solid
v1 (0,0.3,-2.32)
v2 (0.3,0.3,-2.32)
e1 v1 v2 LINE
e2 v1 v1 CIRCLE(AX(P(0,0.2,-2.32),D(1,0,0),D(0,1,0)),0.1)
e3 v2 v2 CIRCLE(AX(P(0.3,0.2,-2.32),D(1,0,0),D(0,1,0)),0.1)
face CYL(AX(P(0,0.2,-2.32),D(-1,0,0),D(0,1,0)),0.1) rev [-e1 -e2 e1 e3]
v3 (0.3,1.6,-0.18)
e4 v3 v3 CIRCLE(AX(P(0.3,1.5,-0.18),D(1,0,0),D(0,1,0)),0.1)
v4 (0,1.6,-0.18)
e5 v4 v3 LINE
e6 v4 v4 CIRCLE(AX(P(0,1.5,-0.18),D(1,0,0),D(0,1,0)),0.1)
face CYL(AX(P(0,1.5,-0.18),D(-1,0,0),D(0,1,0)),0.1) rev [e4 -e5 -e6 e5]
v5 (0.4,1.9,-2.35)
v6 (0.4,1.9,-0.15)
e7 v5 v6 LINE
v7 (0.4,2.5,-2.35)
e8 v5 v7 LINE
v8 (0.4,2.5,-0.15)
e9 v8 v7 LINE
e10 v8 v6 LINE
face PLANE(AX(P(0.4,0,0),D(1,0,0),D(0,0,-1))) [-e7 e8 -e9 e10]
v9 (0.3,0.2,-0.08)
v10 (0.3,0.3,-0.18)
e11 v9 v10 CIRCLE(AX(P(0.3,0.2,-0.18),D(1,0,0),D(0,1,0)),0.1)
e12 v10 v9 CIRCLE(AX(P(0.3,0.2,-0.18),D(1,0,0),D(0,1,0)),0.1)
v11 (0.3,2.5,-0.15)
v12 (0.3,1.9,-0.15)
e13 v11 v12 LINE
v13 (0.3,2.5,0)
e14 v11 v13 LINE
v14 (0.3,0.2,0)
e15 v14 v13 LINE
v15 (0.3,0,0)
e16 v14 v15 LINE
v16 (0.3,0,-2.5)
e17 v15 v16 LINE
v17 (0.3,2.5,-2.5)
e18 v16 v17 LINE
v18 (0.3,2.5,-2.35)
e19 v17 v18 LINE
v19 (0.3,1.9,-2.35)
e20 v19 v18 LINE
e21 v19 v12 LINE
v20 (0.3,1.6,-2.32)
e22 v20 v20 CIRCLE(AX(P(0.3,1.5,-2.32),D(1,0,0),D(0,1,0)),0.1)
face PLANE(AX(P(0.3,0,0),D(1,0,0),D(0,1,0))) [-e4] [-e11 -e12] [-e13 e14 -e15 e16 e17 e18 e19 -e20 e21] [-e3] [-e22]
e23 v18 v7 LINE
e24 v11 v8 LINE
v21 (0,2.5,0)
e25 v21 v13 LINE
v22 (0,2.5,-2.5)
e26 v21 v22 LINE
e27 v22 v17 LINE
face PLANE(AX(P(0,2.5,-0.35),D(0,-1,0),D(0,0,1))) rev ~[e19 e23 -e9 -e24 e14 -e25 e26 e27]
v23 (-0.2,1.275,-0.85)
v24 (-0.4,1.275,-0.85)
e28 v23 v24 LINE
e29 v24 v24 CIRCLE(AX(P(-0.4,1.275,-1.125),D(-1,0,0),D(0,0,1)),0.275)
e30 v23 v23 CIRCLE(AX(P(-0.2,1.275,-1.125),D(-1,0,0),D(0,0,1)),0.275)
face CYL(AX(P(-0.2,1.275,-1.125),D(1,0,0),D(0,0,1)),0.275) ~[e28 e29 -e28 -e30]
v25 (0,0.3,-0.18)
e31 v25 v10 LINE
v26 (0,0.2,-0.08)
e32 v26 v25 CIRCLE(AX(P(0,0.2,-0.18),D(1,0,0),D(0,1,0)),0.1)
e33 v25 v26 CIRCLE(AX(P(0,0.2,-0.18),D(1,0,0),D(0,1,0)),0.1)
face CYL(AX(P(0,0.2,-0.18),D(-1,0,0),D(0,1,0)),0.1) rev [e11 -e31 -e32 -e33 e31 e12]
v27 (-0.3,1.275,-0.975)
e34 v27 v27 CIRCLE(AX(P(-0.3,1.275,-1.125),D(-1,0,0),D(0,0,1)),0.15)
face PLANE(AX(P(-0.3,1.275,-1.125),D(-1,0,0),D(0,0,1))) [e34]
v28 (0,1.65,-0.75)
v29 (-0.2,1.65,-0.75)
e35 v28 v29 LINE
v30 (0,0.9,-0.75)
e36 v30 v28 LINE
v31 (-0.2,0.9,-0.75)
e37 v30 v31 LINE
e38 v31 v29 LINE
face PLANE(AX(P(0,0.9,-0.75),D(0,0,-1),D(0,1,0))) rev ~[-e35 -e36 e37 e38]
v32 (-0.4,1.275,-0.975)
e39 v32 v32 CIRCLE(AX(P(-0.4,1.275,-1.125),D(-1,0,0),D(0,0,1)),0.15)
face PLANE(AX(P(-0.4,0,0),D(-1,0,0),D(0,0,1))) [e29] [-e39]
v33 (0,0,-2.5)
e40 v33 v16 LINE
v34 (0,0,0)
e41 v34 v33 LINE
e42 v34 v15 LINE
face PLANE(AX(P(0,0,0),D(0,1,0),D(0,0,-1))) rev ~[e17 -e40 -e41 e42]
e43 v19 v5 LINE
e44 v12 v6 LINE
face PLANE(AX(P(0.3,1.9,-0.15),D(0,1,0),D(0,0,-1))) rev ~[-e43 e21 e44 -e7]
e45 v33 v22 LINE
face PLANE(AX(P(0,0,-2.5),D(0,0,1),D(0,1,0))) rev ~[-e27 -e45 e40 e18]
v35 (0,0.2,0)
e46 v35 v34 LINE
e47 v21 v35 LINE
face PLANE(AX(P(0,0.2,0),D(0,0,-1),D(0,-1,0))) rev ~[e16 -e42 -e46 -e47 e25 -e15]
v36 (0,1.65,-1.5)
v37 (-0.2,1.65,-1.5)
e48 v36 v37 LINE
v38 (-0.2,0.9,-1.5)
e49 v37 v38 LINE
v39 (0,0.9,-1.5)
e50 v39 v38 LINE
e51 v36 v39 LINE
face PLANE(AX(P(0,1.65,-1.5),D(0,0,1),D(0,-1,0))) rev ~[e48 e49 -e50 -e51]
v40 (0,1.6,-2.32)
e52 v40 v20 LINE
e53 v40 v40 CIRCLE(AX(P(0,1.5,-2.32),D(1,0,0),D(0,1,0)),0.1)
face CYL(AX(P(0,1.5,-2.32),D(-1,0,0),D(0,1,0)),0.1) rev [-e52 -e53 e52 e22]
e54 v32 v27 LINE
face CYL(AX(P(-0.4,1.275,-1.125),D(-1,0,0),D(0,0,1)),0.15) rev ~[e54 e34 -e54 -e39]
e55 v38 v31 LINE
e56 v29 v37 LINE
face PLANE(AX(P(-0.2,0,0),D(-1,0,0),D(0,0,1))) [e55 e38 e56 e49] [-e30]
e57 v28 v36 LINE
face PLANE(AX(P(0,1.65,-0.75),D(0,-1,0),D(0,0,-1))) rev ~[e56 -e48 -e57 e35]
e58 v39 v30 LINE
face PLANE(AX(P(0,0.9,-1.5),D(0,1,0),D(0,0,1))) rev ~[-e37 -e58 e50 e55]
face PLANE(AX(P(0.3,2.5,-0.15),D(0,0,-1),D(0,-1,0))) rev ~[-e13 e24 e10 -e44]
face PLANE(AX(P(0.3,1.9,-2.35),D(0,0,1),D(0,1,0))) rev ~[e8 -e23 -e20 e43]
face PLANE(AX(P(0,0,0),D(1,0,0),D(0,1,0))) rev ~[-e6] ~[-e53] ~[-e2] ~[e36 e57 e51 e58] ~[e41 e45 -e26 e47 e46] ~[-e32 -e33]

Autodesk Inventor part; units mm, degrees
ref_plane "YZ Plane" through (0, 0, 0) normal (1, 0, 0) x (0, 1, 0)
ref_plane "XZ Plane" through (0, 0, 0) normal (0, 1, 0) x (-1, 0, 0)
ref_plane "XY Plane" through (0, 0, 0) normal (0, 0, 1) x (1, 0, 0)
sketch "Boceto1" plane through (0, 0, 0) normal (1, 0, 0) x (0, 1, 0)
  line L0 (0, 0) -> (0, -2.5)
  line L1 (0, -2.5) -> (2.5, -2.5)
  line L2 (2.5, -2.5) -> (2.5, 0)
  line L3 (2.5, 0) -> (0, 0)
  line L4 (0, 0) -> (0.2, 0)
  line L5 (0.2, 0) -> (0.2, -0.18)
  circle A0 centre (0.2, -0.18) radius 0.1
  line L6 (0, 0) -> (1.5, 0)
  circle A1 centre (1.5, -0.18) radius 0.1
  circle A2 centre (0.2, -2.32) radius 0.1
  circle A3 centre (1.5, -2.32) radius 0.1
  line L7 (2.5, -0.35) -> (1.9, -0.35)
  line L8 (1.9, -0.35) -> (1.9, -2.35)
  line L9 (1.9, -2.35) -> (2.5, -2.35)
  dimension "d0" = 2.5
  dimension "d1" = 2.5
  dimension "d2" = 0.2
  dimension "d3" = 0.18
  dimension "d4" = 0.2
  dimension "d5" = 1.5
  dimension "d6" = 0.2
  dimension "d8" = 0.6
  dimension "d48" = 0.18
  dimension "d49" = 0.18
extrude "Extrusión1" add sketch "Boceto1" along normal blind 0.3
sketch "Boceto2" plane through (0.3, 0, 0) normal (1, 0, 0) x (0, 0, -1)
  line L0 (0, 0) -> (2.3, 0)
  line L1 (2.3, 2.5) -> (0, 2.5)
  line L2 (0, 2.5) -> (0, 0)
  line L3 (0, 0) -> (0, 0.2)
  line L4 (0, 0.2) -> (0.18, 0.2)
  circle A0 centre (0.18, 0.2) radius 0.1
  line L5 (0, 0) -> (0, 1.5)
  circle A1 centre (0.18, 1.5) radius 0.1
  circle A2 centre (2.12, 0.2) radius 0.1
  circle A3 centre (2.12, 1.5) radius 0.1
  line L6 (0.15, 2.5) -> (0.15, 1.9)
  line L7 (0.15, 1.9) -> (2.15, 1.9)
  line L8 (0, 0) -> (2.5, 0)
  line L9 (2.5, 0) -> (2.5, 2.5)
  line L10 (2.5, 2.5) -> (0, 2.5)
  line L11 (0, 2.5) -> (0, 0)
  line L12 (0, 0) -> (0, 0.2)
  line L13 (0, 0.2) -> (0.18, 0.2)
  circle A4 centre (0.18, 0.2) radius 0.1
  line L14 (0, 0) -> (0, 1.5)
  circle A5 centre (0.18, 1.5) radius 0.1
  circle A6 centre (2.12, 0.2) radius 0.1
  circle A7 centre (2.12, 1.5) radius 0.1
  line L15 (0.35, 1.9) -> (2.35, 1.9)
  line L16 (2.35, 1.9) -> (2.35, 2.5)
  line L17 (2.35, 1.9) -> (0.15, 1.9)
  line L18 (0.15, 1.9) -> (0.15, 2.5)
  line L19 (0.15, 2.5) -> (2.35, 2.5)
  line L20 (2.35, 2.5) -> (2.35, 1.9)
  point P0 (2.15, 2.5)
  dimension "d13" = 2.5
  dimension "d14" = 0.2
  dimension "d15" = 0.18
  dimension "d16" = 0.2
  dimension "d17" = 1.5
  dimension "d18" = 0.2
  dimension "d19" = 0.6
  dimension "d20" = 2.5
  dimension "d21" = 2.5
  dimension "d22" = 0.2
  dimension "d23" = 0.18
  dimension "d24" = 0.2
  dimension "d25" = 1.5
  dimension "d26" = 0.2
extrude "Extrusión2" add sketch "Boceto2" along normal blind 0.1 contours L16 L15 L7 L6 L1 L10
sketch "Boceto3" plane through (0, 0, 0) normal (-1, 0, 0) x (0, 0, 1)
  line L0 (0, 0) -> (-2.5, 0) projected
  line L1 (-2.5, 0) -> (-1.5, 0)
  line L2 (-1.5, 0) -> (-1.5, 0.9)
  line L3 (-1.5, 0.9) -> (-0.75, 0.9)
  line L4 (-0.75, 0.9) -> (-0.75, 1.65)
  line L5 (-0.75, 1.65) -> (-1.5, 1.65)
  line L6 (-1.5, 1.65) -> (-1.5, 0.9)
  circle A0 centre (-1.125, 1.275) radius 0.275
  dimension "d30" = 1
  dimension "d31" = 0.9
  dimension "d32" = 0.75
  dimension "d33" = 0.75
  dimension "d34" = 0.75
  dimension "d35" = 0.55
extrude "Extrusión3" add sketch "Boceto3" along normal blind 0.2 contours L6 L5 L4 L3 | A0
sketch "Boceto4" plane through (-0.2, 0, 0) normal (-1, 0, 0) x (0, 0, 1)
  line L0 (-1.5, 0) -> (-1.5, 0.9)
  line L1 (-1.5, 0.9) -> (-0.75, 0.9)
  line L2 (-0.75, 0.9) -> (-0.75, 1.65)
  line L3 (-0.75, 1.65) -> (-1.5, 1.65)
  line L4 (-1.5, 1.65) -> (-1.5, 0.9)
  circle A0 centre (-1.125, 1.275) radius 0.275
  point P0 (0, 0)
  dimension "d38" = 0.9
  dimension "d39" = 0.75
  dimension "d40" = 0.75
  dimension "d41" = 0.75
  dimension "d42" = 0.55
extrude "Extrusión4" add sketch "Boceto4" along normal blind 0.2 contours A0
sketch "Boceto5" plane through (-0.4, 1.275, -1.125) normal (-1, 0, 0) x (0, 0, 1)
  circle A0 centre (0, 0) radius 0.275 projected
  circle A1 centre (0, 0) radius 0.15
  point P0 (1.125, -1.275)
  dimension "d45" = 0.125
extrude "Extrusión5" cut sketch "Boceto5" against normal blind 0.1 contours A1
properties part number "camera"
